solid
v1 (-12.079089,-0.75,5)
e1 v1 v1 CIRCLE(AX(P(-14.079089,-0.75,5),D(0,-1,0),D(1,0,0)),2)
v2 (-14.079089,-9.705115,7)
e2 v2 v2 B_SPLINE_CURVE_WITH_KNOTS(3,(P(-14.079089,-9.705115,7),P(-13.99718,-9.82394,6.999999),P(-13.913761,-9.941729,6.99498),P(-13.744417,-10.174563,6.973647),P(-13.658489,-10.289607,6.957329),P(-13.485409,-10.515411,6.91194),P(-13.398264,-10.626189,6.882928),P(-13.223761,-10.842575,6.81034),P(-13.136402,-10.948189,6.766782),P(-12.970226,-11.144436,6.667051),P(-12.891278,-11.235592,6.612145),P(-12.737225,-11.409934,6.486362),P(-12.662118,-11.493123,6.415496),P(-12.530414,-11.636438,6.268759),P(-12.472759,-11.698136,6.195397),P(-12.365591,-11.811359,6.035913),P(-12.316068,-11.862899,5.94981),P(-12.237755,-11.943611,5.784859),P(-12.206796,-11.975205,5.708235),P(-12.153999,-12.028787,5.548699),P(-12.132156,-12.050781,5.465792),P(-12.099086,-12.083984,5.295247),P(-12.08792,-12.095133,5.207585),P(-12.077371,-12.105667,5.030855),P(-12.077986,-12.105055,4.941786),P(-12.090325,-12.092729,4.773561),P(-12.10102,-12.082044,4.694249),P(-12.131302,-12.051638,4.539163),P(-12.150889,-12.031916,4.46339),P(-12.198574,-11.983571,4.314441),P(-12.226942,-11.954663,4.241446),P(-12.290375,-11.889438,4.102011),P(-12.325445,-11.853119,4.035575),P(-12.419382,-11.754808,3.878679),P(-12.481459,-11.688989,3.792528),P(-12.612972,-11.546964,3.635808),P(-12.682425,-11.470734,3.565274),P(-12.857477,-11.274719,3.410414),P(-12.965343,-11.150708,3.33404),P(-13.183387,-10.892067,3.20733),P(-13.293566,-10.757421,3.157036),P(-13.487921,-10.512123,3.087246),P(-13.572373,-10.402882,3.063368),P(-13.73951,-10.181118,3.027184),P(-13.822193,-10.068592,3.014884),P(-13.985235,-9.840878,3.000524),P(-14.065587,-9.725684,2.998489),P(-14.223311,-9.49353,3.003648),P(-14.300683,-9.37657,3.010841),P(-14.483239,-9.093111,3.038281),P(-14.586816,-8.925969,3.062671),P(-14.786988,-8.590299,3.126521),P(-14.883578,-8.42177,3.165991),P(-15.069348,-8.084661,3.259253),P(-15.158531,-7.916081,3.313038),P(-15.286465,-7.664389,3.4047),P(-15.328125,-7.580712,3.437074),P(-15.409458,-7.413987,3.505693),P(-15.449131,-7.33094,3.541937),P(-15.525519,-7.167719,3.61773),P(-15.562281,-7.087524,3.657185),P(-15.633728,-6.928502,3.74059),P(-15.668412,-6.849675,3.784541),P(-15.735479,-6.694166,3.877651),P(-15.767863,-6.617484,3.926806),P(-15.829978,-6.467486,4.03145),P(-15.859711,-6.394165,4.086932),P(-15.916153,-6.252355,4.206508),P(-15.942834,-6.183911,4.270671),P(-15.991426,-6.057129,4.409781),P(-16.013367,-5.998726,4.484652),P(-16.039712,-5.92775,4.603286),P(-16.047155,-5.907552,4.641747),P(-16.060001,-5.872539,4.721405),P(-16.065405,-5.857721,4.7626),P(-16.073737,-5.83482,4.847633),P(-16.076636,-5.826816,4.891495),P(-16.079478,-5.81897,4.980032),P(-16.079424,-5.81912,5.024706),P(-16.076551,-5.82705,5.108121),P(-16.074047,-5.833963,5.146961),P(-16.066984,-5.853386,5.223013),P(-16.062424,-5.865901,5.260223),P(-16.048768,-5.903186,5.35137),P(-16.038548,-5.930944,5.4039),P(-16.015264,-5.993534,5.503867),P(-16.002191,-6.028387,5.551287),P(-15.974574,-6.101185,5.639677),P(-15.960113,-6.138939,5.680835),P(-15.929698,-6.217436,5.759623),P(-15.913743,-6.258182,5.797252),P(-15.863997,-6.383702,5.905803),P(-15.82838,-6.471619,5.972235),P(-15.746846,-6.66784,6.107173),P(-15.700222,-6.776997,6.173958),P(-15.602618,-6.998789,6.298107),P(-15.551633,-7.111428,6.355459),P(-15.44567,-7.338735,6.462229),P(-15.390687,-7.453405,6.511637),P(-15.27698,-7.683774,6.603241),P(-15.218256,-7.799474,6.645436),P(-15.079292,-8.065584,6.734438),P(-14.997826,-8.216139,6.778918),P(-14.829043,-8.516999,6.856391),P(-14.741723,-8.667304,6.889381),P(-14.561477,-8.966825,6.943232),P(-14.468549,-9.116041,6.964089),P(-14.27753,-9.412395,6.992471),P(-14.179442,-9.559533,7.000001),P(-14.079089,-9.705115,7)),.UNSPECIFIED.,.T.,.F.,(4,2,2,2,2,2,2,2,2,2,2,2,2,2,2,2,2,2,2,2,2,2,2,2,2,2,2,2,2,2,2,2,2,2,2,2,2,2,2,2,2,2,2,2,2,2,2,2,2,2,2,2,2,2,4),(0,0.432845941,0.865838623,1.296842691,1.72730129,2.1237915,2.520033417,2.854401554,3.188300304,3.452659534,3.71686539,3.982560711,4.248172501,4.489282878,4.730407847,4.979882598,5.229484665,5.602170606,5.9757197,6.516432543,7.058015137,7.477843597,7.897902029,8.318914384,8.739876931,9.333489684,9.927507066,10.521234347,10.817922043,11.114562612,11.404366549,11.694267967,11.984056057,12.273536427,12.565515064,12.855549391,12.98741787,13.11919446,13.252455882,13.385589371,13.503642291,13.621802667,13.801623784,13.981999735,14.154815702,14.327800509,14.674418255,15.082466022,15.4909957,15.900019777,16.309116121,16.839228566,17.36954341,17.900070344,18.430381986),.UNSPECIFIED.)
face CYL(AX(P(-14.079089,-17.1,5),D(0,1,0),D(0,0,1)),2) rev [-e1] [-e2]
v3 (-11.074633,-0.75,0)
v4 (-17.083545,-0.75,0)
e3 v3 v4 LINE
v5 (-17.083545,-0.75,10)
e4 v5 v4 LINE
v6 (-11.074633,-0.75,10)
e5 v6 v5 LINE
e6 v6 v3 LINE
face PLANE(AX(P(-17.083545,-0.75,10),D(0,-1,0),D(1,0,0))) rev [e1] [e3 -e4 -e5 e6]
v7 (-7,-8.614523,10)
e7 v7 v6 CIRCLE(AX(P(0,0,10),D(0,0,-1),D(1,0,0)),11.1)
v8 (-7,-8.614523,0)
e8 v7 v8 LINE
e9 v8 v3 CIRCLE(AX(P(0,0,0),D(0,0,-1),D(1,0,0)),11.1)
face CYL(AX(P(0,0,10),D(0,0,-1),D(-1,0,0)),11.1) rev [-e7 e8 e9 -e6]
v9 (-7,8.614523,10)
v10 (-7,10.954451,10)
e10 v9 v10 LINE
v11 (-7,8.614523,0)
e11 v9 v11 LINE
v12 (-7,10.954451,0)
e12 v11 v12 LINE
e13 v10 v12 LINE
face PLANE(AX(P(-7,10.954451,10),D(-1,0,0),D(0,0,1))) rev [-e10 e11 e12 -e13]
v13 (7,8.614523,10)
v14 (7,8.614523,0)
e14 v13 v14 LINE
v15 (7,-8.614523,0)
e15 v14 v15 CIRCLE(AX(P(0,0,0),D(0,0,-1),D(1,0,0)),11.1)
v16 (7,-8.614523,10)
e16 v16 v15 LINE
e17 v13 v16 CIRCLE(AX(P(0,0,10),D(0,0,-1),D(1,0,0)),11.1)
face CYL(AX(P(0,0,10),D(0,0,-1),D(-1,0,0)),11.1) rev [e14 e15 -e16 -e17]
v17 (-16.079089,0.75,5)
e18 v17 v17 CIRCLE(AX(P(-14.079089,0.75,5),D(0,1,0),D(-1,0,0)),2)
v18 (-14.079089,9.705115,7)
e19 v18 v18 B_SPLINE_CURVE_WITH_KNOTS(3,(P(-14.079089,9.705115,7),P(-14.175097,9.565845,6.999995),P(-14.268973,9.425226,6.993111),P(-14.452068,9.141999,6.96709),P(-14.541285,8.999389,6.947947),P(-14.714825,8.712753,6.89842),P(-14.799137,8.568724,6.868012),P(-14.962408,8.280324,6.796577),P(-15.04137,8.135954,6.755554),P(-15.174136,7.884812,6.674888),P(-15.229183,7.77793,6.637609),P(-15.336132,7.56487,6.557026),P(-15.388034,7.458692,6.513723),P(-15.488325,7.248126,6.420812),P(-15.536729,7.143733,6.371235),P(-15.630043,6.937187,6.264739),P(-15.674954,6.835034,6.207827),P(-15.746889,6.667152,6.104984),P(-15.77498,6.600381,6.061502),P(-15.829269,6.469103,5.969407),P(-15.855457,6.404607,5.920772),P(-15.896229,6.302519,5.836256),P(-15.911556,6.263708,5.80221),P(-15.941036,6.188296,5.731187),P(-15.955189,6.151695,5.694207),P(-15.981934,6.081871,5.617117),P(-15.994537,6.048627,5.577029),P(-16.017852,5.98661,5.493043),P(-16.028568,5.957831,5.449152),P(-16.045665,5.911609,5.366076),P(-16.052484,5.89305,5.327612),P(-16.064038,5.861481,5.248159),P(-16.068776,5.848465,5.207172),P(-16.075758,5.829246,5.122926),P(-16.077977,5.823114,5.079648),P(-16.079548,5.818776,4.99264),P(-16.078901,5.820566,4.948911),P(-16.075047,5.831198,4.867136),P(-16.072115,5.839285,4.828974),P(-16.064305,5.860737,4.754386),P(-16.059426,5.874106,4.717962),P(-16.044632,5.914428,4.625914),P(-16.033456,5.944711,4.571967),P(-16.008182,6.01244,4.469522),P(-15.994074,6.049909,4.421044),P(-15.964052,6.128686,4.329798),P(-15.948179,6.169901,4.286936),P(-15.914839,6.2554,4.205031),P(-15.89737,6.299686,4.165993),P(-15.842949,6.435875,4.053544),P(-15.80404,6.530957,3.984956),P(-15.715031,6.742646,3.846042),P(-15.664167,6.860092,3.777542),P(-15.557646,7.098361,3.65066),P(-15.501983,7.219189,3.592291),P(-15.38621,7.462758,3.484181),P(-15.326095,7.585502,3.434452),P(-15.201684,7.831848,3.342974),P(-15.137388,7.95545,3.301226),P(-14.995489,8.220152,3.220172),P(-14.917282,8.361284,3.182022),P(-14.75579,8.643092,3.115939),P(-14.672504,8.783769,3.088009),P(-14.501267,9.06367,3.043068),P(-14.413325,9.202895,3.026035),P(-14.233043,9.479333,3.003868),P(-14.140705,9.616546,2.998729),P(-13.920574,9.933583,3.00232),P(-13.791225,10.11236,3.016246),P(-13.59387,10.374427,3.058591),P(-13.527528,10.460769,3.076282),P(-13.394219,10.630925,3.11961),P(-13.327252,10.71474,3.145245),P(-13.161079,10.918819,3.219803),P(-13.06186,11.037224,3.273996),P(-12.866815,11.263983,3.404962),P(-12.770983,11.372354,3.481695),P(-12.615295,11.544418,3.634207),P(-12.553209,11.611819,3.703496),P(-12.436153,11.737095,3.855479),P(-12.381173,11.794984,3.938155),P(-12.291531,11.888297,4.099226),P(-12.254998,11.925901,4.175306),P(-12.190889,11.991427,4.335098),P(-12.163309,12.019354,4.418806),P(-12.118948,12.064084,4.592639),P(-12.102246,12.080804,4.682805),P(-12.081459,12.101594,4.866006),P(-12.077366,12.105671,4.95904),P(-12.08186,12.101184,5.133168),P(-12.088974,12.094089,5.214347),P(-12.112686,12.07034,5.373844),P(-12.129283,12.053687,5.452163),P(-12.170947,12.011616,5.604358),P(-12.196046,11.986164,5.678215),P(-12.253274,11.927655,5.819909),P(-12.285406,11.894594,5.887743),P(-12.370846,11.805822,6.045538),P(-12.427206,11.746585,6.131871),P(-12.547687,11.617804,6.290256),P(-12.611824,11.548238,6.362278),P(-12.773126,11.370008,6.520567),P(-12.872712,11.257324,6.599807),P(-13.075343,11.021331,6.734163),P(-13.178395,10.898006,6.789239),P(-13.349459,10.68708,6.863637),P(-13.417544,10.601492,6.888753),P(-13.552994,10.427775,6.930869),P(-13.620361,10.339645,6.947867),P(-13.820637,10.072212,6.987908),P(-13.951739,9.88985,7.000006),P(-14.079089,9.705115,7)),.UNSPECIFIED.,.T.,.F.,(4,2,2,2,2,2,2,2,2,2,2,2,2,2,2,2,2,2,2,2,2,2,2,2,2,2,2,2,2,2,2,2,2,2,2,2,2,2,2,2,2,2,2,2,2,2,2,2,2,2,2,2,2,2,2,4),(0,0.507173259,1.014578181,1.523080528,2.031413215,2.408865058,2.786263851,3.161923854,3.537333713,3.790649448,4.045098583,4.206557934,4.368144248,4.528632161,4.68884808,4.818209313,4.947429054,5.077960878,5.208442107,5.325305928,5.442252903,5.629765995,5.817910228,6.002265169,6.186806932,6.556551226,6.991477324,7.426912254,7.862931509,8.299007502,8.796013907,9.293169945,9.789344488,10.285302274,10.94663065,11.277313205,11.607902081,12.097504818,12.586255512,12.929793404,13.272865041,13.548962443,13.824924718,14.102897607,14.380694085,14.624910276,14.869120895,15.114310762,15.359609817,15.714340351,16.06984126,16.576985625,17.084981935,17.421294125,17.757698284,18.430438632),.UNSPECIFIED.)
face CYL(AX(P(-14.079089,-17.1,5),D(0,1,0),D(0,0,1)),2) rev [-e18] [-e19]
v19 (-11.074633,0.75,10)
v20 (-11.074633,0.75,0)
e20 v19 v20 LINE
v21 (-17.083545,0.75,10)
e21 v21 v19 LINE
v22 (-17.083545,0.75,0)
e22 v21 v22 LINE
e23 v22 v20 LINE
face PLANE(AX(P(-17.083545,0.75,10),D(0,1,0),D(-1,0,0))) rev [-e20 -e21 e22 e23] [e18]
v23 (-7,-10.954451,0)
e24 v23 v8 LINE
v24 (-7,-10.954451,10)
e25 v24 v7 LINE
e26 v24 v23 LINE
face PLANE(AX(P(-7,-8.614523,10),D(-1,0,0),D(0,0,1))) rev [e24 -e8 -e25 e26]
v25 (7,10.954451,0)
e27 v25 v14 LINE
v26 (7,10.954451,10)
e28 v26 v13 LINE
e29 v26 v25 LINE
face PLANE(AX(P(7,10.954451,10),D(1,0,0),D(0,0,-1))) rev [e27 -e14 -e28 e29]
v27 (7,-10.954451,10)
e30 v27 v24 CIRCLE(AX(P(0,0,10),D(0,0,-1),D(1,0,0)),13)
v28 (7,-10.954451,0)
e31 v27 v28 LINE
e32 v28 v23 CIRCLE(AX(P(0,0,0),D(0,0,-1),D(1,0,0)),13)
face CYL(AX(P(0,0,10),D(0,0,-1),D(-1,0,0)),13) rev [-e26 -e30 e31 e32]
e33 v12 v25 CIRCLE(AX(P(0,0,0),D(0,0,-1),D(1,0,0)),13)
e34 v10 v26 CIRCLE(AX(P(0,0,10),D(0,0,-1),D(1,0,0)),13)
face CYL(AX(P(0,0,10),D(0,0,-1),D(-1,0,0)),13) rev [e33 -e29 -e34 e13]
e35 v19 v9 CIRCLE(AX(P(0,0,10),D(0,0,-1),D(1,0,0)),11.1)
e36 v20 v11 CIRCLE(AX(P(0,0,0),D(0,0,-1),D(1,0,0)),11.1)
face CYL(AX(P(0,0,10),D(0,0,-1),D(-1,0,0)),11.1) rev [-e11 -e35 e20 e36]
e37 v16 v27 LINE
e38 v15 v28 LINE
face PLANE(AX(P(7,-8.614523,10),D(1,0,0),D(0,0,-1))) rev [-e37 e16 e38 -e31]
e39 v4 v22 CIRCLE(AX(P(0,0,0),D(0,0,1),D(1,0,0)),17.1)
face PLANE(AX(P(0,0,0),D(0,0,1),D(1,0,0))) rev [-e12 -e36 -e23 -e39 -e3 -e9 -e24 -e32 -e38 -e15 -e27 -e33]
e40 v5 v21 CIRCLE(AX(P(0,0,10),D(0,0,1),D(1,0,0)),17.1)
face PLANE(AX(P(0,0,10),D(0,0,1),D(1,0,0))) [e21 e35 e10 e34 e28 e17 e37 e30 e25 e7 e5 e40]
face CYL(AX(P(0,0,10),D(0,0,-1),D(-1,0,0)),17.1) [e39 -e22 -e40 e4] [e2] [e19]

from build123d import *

# Parameters (mm, degrees)
BOSS_EXTRUDE1_DEPTH     = 10
CUT_EXTRUDE1_DEPTH      = 27.665192668
CUT_EXTRUDE1_DEPTH_BACK = 27.665192668
SKETCH2_R               = 2


with BuildPart() as part:
    # Sketch1 → Boss-Extrude1 (new body)
    with BuildSketch(Plane.XY):
        with BuildLine():
            Line((-7, 10.95445115), (-7, 8.614522622))
            ThreePointArc((-7, 8.614522622), (-9.855748076, 5.106293163), (-11.074633177, 0.75))
            Line((-11.074633177, 0.75), (-17.083544714, 0.75))
            ThreePointArc((-17.083544714, 0.75), (17.1, 0), (-17.083544714, -0.75))
            Line((-17.083544714, -0.75), (-11.074633177, -0.75))
            ThreePointArc((-11.074633177, -0.75), (-9.855748076, -5.106293163), (-7, -8.614522622))
            Line((-7, -8.614522622), (-7, -10.95445115))
            ThreePointArc((-7, -10.95445115), (0, -13), (7, -10.95445115))
            Line((7, -10.95445115), (7, -8.614522622))
            ThreePointArc((7, -8.614522622), (11.1, 0), (7, 8.614522622))
            Line((7, 8.614522622), (7, 10.95445115))
            ThreePointArc((7, 10.95445115), (0, 13), (-7, 10.95445115))
        make_face()
    extrude(amount=BOSS_EXTRUDE1_DEPTH)

    # Sketch2 → Cut-Extrude1 (cut, two sides: drawn at the far end of the back side and taken through both)
    with BuildSketch(Plane(origin=(0, -0.75, 0), x_dir=(1, 0, 0), z_dir=(0, 1, 0)).offset(-CUT_EXTRUDE1_DEPTH_BACK)):
        with Locations(Location((-14.079088945, -5, 0), (0, 0, 270))):
            Circle(SKETCH2_R)
    extrude(amount=CUT_EXTRUDE1_DEPTH + CUT_EXTRUDE1_DEPTH_BACK, mode=Mode.SUBTRACT)


solid = part.part
